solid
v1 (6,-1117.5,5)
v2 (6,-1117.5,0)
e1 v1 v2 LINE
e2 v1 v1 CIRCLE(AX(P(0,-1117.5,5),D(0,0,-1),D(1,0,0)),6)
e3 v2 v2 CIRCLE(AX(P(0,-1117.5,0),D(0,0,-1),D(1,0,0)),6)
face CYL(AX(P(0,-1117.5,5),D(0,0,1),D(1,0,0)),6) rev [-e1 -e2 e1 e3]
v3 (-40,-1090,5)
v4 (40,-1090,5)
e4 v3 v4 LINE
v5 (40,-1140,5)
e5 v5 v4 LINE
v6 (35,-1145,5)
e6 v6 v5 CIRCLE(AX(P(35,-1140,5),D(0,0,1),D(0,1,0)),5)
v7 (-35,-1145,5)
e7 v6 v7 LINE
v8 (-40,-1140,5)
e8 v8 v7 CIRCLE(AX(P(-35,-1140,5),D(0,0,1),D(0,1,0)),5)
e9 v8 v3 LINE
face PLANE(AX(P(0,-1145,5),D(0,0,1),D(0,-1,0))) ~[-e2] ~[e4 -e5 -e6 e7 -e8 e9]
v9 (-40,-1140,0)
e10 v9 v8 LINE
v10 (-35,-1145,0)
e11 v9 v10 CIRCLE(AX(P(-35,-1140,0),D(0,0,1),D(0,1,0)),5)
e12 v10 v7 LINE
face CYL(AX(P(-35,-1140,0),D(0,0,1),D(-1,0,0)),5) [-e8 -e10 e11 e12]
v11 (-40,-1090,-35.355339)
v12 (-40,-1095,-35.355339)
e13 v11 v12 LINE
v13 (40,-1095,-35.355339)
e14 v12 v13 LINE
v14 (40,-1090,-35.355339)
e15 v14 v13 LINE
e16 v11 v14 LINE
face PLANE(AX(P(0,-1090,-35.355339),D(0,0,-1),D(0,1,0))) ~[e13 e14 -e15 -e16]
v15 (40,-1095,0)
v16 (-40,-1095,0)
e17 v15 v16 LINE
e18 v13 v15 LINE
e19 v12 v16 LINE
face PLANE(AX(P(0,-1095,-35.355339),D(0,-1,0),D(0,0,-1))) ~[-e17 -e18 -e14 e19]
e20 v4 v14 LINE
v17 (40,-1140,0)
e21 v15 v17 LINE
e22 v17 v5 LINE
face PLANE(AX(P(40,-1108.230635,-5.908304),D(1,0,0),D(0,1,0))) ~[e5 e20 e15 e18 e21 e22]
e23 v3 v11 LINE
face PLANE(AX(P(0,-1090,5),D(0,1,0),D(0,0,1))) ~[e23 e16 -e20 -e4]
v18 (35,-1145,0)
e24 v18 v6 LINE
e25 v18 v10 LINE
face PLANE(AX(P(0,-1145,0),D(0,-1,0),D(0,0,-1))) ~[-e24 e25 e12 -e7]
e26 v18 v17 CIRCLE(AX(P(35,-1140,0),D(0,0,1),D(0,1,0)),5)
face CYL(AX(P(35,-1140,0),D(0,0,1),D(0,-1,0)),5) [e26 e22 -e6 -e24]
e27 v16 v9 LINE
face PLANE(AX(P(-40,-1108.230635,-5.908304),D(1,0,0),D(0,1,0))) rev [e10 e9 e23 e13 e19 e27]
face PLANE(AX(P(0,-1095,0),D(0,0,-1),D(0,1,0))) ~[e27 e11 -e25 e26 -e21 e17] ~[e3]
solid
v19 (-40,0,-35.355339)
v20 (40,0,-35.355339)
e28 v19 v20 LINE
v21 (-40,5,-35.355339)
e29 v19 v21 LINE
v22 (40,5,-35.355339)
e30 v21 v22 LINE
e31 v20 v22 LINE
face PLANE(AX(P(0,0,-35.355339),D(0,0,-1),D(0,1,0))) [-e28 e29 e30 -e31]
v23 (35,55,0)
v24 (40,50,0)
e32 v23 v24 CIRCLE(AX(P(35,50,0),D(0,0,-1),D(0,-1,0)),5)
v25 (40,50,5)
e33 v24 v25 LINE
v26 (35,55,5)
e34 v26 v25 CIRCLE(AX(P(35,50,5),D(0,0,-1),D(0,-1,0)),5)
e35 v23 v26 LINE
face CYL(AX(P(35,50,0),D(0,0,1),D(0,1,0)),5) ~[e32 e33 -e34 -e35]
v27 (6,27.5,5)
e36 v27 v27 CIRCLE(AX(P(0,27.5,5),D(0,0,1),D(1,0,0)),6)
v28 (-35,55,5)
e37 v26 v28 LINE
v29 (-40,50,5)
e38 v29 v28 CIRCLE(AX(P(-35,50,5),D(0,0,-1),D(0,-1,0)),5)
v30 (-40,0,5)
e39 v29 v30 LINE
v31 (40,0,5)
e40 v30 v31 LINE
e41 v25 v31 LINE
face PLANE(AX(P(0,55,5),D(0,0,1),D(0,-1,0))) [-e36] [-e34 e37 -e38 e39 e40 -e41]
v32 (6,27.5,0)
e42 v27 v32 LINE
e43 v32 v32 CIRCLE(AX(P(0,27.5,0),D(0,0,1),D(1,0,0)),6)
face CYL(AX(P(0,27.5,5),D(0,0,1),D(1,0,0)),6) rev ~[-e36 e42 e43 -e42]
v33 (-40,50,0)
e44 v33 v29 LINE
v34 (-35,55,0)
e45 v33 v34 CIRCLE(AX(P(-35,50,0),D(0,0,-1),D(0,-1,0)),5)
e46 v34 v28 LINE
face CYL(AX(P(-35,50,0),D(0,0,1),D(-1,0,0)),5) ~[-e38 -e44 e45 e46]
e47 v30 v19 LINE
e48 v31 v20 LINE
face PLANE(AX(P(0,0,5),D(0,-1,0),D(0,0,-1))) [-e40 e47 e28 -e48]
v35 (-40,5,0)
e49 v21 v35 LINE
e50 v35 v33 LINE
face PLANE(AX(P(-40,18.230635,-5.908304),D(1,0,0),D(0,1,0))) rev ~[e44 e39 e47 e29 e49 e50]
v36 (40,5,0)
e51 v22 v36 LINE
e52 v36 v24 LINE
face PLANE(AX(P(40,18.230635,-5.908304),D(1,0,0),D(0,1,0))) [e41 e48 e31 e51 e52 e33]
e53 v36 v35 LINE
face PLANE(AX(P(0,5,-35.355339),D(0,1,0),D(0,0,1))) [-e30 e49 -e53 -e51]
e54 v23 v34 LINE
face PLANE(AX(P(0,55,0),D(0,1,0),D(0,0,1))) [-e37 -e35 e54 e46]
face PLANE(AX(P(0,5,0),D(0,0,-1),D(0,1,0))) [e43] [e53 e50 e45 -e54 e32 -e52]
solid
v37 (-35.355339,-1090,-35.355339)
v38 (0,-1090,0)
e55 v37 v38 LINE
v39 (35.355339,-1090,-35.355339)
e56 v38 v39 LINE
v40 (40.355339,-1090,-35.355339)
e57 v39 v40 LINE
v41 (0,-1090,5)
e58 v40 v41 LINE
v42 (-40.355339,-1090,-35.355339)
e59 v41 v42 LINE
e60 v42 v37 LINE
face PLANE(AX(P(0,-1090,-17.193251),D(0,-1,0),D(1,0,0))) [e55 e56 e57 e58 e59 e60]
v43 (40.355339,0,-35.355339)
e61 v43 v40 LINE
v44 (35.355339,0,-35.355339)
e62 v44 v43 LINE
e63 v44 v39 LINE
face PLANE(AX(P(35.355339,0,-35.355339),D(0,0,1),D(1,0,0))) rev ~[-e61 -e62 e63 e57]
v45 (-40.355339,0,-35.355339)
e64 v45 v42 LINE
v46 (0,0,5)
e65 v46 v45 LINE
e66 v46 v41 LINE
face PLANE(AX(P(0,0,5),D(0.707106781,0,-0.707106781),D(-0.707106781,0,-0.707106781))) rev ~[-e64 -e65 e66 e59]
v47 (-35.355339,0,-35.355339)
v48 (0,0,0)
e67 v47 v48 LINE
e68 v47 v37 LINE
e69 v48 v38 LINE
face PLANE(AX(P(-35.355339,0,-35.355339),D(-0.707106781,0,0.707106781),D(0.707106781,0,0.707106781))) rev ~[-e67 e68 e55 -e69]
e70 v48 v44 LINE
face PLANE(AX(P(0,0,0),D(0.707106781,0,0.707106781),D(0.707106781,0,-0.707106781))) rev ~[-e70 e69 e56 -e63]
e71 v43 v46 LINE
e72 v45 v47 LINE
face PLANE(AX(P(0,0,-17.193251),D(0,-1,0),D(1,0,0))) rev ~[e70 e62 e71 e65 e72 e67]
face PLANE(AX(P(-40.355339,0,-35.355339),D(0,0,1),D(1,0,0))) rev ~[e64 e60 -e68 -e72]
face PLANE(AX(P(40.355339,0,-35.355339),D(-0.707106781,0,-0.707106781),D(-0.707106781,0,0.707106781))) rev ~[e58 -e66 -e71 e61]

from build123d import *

# Parameters (mm, degrees)
F1_DEPTH = 1090
F3_DEPTH = 40
F4_R     = 6
F5_DEPTH = 25
F8_R     = 5


with BuildPart() as f1:
    # F0 (on Front) → F1 (new body)
    with BuildSketch(Plane.XZ):
        Polygon((-35.355339, -35.355339), (0, 0), (35.355339, -35.355339), (40.355339, -35.355339), (0, 5), (-40.355339, -35.355339), align=None)
    extrude(amount=F1_DEPTH)


with BuildPart() as f3:
    # F2 (on Right) → F3 (new body, symmetric)
    with BuildSketch(Plane.YZ):
        Polygon((55, 5), (0, 5), (0, -35.355339), (5, -35.355339), (5, 0), (55, 0), align=None)
    extrude(amount=F3_DEPTH, both=True)

    # F4 (on face) → F5 (cut)
    with BuildSketch(Plane.XY.offset(5)):
        with Locations((0, 27.5)):
            Circle(F4_R)
    extrude(amount=-F5_DEPTH, mode=Mode.SUBTRACT)

    # F8
    f8_edges = [f3.edges().sort_by_distance(p)[0] for p in [
        (-40, 55, 2.5),
        (40, 55, 2.5),
    ]]
    fillet(f8_edges, radius=F8_R)


with BuildPart() as f7_1:
    # F7: instance of F3
    add(f3.part.mirror(Plane.XZ.offset(545)))


solid = Compound([f1.part, f3.part, f7_1.part])
